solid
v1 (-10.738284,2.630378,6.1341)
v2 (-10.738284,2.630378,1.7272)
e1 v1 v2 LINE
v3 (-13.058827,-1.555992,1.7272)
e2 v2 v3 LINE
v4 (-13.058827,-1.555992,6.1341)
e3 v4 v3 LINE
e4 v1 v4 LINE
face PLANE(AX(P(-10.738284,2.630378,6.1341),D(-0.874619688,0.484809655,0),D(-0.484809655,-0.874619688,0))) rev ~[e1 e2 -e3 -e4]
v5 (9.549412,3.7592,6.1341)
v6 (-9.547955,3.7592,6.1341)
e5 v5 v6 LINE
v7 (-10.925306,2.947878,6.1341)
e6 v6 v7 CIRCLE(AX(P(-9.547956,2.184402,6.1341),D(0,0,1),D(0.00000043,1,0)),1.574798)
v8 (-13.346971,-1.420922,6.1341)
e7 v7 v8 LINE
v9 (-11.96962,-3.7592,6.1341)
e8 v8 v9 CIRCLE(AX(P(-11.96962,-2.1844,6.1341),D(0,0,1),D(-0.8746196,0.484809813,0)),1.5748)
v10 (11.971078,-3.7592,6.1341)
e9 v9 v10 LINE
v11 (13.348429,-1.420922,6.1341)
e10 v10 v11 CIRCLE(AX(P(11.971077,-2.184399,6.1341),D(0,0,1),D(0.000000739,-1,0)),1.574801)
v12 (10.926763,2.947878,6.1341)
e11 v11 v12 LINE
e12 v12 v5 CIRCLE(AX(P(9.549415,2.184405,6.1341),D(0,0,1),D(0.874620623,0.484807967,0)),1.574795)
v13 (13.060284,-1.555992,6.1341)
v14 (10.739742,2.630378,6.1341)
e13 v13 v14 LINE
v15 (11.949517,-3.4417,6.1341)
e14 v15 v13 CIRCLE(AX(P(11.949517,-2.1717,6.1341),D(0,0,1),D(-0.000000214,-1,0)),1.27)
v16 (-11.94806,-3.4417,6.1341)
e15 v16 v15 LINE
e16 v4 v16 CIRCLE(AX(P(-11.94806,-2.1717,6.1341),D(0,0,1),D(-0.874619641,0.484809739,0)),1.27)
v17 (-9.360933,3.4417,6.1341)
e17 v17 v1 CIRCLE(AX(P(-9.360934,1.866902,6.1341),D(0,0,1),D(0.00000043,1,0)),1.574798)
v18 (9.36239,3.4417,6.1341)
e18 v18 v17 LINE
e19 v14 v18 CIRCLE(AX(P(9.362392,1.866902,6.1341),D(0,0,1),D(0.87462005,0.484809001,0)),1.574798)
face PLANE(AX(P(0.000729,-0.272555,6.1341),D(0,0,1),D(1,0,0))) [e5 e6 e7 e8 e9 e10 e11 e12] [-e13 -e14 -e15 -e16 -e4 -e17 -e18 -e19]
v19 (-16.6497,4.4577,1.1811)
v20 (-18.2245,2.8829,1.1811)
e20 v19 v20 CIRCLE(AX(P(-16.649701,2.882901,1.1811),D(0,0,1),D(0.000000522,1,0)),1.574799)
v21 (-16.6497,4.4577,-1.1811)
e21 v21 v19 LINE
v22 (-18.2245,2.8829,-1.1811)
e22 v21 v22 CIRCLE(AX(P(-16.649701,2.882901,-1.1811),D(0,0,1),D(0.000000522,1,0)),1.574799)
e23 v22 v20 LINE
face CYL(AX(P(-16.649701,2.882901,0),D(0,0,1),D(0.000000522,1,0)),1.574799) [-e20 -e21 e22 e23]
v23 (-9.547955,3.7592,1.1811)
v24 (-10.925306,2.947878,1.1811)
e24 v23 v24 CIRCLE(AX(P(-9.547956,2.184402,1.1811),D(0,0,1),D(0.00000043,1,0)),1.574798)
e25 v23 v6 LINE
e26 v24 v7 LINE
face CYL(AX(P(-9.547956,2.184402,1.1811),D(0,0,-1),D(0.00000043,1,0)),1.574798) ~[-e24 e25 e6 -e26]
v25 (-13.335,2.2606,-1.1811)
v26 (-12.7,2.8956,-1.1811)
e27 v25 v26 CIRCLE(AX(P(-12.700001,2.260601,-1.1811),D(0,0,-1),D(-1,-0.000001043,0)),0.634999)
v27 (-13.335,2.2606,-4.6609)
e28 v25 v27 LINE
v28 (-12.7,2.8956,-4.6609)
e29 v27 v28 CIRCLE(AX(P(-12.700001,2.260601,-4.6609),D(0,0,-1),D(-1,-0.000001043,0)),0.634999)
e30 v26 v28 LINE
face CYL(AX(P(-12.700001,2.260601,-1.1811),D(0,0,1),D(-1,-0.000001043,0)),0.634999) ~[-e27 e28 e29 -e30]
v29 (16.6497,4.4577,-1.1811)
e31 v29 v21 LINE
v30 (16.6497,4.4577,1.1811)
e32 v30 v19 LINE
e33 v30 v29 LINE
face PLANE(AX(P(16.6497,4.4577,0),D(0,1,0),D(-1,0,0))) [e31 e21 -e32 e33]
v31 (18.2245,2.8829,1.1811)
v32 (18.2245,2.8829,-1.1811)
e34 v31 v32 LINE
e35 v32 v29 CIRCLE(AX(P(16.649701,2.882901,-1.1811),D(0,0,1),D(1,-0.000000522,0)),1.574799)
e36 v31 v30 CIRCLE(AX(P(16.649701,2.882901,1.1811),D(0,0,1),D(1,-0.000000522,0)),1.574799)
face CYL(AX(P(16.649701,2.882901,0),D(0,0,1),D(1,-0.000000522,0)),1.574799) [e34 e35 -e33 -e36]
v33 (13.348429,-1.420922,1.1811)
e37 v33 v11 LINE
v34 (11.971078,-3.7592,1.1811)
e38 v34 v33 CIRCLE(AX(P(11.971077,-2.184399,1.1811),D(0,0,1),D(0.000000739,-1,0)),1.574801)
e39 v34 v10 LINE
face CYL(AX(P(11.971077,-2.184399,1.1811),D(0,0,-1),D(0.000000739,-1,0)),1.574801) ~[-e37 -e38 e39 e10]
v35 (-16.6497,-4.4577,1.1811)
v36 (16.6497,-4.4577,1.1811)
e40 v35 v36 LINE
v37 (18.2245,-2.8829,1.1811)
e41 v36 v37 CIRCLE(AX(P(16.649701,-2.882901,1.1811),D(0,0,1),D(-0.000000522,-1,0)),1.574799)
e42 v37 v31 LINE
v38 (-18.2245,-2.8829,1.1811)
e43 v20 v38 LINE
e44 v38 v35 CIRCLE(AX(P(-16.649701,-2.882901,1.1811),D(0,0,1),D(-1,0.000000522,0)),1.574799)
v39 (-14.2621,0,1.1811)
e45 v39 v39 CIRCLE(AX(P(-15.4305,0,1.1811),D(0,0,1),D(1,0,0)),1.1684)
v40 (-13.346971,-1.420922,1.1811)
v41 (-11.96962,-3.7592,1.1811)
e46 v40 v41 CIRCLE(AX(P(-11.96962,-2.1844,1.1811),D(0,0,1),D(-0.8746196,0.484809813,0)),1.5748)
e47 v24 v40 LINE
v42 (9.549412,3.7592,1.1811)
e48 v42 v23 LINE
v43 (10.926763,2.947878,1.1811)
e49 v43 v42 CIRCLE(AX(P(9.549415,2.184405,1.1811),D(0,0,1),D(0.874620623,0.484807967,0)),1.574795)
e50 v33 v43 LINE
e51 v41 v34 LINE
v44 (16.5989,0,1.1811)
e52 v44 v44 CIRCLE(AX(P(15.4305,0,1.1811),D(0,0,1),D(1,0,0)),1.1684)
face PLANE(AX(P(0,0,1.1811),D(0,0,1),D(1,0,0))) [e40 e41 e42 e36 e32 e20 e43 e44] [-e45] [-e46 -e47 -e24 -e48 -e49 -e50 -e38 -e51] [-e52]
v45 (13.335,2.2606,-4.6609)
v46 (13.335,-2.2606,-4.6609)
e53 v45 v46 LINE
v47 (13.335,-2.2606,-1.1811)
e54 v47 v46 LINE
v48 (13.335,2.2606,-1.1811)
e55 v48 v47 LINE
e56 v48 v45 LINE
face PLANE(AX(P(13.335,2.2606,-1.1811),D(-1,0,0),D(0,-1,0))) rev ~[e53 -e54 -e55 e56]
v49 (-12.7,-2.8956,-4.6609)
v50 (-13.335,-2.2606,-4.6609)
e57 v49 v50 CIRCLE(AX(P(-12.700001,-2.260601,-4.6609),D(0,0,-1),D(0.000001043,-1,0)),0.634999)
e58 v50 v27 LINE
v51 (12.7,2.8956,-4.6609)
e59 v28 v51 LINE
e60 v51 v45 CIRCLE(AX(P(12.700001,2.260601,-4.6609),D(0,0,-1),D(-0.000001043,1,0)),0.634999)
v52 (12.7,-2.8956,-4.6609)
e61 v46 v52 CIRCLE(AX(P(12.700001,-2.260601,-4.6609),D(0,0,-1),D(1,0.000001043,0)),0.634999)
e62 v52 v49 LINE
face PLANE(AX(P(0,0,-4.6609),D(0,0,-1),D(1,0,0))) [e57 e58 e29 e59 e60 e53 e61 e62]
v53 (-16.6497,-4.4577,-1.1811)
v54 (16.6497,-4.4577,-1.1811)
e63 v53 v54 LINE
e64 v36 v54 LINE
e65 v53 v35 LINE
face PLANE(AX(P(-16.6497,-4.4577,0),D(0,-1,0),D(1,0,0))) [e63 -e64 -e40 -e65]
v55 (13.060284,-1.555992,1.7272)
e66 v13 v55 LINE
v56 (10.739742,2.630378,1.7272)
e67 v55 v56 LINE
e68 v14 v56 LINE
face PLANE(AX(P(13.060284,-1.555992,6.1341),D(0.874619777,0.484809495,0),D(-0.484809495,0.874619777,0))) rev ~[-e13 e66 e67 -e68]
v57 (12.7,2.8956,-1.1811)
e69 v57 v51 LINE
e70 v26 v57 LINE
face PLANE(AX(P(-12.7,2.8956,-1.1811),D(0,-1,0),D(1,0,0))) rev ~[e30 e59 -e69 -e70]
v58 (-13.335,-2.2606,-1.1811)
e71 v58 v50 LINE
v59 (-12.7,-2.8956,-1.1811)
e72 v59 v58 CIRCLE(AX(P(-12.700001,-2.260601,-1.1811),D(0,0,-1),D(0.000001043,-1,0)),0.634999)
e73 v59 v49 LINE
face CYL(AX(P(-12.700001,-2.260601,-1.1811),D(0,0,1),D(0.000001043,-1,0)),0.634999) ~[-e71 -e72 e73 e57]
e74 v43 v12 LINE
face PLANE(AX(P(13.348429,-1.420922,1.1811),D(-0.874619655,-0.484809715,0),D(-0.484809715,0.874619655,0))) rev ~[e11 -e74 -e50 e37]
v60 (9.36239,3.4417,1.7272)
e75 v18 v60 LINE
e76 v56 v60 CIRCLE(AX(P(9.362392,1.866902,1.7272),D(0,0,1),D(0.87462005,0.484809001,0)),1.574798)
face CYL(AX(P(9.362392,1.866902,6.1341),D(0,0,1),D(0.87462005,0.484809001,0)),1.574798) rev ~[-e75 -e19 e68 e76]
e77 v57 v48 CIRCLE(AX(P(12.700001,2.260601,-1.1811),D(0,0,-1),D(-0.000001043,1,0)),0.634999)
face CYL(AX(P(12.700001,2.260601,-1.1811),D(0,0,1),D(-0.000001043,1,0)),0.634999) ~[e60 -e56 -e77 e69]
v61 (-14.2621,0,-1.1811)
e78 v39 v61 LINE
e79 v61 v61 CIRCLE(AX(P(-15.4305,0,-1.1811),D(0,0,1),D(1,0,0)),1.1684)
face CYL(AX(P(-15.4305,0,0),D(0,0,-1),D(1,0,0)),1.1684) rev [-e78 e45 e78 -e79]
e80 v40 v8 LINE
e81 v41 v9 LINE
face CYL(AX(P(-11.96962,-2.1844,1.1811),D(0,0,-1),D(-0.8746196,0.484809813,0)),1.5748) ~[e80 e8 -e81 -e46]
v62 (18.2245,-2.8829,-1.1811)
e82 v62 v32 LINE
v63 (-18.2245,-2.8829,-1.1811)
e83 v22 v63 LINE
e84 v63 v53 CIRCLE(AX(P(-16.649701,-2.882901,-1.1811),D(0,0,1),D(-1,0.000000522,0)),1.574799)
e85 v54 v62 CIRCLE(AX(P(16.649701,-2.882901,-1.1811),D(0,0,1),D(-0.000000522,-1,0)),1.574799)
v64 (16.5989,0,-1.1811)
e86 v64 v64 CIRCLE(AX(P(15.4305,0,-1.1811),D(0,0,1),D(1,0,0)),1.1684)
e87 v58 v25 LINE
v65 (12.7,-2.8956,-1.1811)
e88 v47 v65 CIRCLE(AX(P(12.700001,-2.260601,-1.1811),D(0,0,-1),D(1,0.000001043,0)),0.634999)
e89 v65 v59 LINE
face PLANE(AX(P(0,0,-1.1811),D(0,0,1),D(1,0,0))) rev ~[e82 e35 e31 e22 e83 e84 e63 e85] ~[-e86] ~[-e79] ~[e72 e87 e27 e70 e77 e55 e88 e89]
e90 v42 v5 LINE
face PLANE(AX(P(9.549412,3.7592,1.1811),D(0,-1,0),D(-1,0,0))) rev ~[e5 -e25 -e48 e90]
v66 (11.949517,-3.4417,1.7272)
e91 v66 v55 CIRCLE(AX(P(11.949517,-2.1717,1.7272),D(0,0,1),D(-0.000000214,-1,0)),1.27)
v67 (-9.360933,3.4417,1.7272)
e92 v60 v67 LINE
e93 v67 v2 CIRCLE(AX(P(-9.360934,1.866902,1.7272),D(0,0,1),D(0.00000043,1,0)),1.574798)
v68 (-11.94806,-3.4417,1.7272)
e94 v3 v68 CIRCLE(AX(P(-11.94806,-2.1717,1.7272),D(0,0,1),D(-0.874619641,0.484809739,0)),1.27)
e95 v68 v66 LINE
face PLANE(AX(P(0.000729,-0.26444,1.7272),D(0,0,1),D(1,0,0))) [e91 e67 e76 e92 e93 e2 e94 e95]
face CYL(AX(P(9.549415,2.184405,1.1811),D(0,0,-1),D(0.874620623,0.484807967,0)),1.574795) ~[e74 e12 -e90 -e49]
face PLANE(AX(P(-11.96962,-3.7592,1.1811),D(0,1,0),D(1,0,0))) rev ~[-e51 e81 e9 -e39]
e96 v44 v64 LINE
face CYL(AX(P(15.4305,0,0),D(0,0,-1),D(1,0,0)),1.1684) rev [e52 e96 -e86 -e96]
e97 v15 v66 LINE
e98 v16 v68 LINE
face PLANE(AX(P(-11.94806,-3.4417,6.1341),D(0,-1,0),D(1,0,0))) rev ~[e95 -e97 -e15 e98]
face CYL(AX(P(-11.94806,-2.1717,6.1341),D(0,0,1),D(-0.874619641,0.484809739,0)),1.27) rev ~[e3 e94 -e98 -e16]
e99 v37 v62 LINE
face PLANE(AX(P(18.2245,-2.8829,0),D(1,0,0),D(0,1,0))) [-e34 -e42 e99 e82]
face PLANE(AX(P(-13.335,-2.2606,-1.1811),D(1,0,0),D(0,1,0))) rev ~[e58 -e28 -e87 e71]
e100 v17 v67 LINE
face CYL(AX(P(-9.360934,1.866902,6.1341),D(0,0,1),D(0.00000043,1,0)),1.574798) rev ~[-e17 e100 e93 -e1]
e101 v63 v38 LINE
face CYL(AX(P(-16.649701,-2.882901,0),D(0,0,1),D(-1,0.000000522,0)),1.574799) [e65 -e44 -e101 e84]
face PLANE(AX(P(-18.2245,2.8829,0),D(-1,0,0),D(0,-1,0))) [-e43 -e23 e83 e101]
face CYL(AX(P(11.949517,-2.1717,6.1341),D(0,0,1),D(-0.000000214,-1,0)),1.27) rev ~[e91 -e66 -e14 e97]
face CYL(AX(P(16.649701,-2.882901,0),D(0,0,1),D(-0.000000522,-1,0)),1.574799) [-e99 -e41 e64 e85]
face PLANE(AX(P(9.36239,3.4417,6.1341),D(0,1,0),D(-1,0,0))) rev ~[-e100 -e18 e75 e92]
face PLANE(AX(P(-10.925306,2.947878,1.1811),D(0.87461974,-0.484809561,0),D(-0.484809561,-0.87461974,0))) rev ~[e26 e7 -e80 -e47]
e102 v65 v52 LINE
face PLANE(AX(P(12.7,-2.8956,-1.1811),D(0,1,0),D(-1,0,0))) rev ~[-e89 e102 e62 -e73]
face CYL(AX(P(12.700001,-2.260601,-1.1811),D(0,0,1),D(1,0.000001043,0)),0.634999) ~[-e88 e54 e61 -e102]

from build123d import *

# Parameters (mm, degrees)
F0_R     = 1.1684
F1_DEPTH = 1.1811
F3_DEPTH = 4.953
F5_DEPTH = 3.4798
F7_DEPTH = 4.4069


with BuildPart() as f1:
    # F0 (on Top) → F1 (new body, symmetric)
    with BuildSketch(Plane.XY):
        with BuildLine():
            Line((16.6497, 4.4577), (-16.6497, 4.4577))
            ThreePointArc((-16.6497, 4.4577), (-17.763252, 3.996452), (-18.2245, 2.8829))
            Line((-18.2245, 2.8829), (-18.2245, -2.8829))
            ThreePointArc((-18.2245, -2.8829), (-17.763252, -3.996452), (-16.6497, -4.4577))
            Line((-16.6497, -4.4577), (16.6497, -4.4577))
            ThreePointArc((16.6497, -4.4577), (17.763252, -3.996452), (18.2245, -2.8829))
            Line((18.2245, -2.8829), (18.2245, 2.8829))
            ThreePointArc((18.2245, 2.8829), (17.763252, 3.996452), (16.6497, 4.4577))
        make_face()
        with Locations((-15.4305, 0)):
            Circle(F0_R, mode=Mode.SUBTRACT)
        with Locations((15.4305, 0)):
            Circle(F0_R, mode=Mode.SUBTRACT)
    extrude(amount=F1_DEPTH, both=True)

    # F2 (on face) → F3 (join)
    with BuildSketch(Plane.XY.offset(1.1811)):
        with BuildLine():
            Line((-11.96962, -3.7592), (11.971078, -3.7592))
            ThreePointArc((11.971078, -3.7592), (13.327971, -2.983671), (13.348429, -1.420922))
            Line((13.348429, -1.420922), (10.926763, 2.947878))
            ThreePointArc((10.926763, 2.947878), (10.348684, 3.541294), (9.549412, 3.7592))
            Line((9.549412, 3.7592), (-9.547955, 3.7592))
            ThreePointArc((-9.547955, 3.7592), (-10.347226, 3.541294), (-10.925306, 2.947878))
            Line((-10.925306, 2.947878), (-13.346971, -1.420922))
            ThreePointArc((-13.346971, -1.420922), (-13.326514, -2.983671), (-11.96962, -3.7592))
        make_face()
    extrude(amount=F3_DEPTH)

    # F4 (on face) → F5 (join)
    with BuildSketch(Plane(origin=(0, 0, -1.1811), x_dir=(1, 0, 0), z_dir=(0, 0, -1))):
        with BuildLine():
            Line((12.7, 2.8956), (-12.7, 2.8956))
            ThreePointArc((-12.7, 2.8956), (-13.149013, 2.709613), (-13.335, 2.2606))
            Line((-13.335, 2.2606), (-13.335, -2.2606))
            ThreePointArc((-13.335, -2.2606), (-13.149013, -2.709613), (-12.7, -2.8956))
            Line((-12.7, -2.8956), (12.7, -2.8956))
            ThreePointArc((12.7, -2.8956), (13.149013, -2.709613), (13.335, -2.2606))
            Line((13.335, -2.2606), (13.335, 2.2606))
            ThreePointArc((13.335, 2.2606), (13.149013, 2.709613), (12.7, 2.8956))
        make_face()
    extrude(amount=F5_DEPTH)

    # F6 (on face) → F7 (cut)
    with BuildSketch(Plane.XY.offset(6.1341)):
        with BuildLine():
            Line((9.36239, 3.4417), (-9.360933, 3.4417))
            ThreePointArc((-9.360933, 3.4417), (-10.160204, 3.223794), (-10.738284, 2.630378))
            Line((-10.738284, 2.630378), (-13.058827, -1.555992))
            ThreePointArc((-13.058827, -1.555992), (-13.042329, -2.816274), (-11.94806, -3.4417))
            Line((-11.94806, -3.4417), (11.949517, -3.4417))
            ThreePointArc((11.949517, -3.4417), (13.043786, -2.816274), (13.060284, -1.555992))
            Line((13.060284, -1.555992), (10.739742, 2.630378))
            ThreePointArc((10.739742, 2.630378), (10.161662, 3.223794), (9.36239, 3.4417))
        make_face()
    extrude(amount=-F7_DEPTH, mode=Mode.SUBTRACT)


solid = f1.part
